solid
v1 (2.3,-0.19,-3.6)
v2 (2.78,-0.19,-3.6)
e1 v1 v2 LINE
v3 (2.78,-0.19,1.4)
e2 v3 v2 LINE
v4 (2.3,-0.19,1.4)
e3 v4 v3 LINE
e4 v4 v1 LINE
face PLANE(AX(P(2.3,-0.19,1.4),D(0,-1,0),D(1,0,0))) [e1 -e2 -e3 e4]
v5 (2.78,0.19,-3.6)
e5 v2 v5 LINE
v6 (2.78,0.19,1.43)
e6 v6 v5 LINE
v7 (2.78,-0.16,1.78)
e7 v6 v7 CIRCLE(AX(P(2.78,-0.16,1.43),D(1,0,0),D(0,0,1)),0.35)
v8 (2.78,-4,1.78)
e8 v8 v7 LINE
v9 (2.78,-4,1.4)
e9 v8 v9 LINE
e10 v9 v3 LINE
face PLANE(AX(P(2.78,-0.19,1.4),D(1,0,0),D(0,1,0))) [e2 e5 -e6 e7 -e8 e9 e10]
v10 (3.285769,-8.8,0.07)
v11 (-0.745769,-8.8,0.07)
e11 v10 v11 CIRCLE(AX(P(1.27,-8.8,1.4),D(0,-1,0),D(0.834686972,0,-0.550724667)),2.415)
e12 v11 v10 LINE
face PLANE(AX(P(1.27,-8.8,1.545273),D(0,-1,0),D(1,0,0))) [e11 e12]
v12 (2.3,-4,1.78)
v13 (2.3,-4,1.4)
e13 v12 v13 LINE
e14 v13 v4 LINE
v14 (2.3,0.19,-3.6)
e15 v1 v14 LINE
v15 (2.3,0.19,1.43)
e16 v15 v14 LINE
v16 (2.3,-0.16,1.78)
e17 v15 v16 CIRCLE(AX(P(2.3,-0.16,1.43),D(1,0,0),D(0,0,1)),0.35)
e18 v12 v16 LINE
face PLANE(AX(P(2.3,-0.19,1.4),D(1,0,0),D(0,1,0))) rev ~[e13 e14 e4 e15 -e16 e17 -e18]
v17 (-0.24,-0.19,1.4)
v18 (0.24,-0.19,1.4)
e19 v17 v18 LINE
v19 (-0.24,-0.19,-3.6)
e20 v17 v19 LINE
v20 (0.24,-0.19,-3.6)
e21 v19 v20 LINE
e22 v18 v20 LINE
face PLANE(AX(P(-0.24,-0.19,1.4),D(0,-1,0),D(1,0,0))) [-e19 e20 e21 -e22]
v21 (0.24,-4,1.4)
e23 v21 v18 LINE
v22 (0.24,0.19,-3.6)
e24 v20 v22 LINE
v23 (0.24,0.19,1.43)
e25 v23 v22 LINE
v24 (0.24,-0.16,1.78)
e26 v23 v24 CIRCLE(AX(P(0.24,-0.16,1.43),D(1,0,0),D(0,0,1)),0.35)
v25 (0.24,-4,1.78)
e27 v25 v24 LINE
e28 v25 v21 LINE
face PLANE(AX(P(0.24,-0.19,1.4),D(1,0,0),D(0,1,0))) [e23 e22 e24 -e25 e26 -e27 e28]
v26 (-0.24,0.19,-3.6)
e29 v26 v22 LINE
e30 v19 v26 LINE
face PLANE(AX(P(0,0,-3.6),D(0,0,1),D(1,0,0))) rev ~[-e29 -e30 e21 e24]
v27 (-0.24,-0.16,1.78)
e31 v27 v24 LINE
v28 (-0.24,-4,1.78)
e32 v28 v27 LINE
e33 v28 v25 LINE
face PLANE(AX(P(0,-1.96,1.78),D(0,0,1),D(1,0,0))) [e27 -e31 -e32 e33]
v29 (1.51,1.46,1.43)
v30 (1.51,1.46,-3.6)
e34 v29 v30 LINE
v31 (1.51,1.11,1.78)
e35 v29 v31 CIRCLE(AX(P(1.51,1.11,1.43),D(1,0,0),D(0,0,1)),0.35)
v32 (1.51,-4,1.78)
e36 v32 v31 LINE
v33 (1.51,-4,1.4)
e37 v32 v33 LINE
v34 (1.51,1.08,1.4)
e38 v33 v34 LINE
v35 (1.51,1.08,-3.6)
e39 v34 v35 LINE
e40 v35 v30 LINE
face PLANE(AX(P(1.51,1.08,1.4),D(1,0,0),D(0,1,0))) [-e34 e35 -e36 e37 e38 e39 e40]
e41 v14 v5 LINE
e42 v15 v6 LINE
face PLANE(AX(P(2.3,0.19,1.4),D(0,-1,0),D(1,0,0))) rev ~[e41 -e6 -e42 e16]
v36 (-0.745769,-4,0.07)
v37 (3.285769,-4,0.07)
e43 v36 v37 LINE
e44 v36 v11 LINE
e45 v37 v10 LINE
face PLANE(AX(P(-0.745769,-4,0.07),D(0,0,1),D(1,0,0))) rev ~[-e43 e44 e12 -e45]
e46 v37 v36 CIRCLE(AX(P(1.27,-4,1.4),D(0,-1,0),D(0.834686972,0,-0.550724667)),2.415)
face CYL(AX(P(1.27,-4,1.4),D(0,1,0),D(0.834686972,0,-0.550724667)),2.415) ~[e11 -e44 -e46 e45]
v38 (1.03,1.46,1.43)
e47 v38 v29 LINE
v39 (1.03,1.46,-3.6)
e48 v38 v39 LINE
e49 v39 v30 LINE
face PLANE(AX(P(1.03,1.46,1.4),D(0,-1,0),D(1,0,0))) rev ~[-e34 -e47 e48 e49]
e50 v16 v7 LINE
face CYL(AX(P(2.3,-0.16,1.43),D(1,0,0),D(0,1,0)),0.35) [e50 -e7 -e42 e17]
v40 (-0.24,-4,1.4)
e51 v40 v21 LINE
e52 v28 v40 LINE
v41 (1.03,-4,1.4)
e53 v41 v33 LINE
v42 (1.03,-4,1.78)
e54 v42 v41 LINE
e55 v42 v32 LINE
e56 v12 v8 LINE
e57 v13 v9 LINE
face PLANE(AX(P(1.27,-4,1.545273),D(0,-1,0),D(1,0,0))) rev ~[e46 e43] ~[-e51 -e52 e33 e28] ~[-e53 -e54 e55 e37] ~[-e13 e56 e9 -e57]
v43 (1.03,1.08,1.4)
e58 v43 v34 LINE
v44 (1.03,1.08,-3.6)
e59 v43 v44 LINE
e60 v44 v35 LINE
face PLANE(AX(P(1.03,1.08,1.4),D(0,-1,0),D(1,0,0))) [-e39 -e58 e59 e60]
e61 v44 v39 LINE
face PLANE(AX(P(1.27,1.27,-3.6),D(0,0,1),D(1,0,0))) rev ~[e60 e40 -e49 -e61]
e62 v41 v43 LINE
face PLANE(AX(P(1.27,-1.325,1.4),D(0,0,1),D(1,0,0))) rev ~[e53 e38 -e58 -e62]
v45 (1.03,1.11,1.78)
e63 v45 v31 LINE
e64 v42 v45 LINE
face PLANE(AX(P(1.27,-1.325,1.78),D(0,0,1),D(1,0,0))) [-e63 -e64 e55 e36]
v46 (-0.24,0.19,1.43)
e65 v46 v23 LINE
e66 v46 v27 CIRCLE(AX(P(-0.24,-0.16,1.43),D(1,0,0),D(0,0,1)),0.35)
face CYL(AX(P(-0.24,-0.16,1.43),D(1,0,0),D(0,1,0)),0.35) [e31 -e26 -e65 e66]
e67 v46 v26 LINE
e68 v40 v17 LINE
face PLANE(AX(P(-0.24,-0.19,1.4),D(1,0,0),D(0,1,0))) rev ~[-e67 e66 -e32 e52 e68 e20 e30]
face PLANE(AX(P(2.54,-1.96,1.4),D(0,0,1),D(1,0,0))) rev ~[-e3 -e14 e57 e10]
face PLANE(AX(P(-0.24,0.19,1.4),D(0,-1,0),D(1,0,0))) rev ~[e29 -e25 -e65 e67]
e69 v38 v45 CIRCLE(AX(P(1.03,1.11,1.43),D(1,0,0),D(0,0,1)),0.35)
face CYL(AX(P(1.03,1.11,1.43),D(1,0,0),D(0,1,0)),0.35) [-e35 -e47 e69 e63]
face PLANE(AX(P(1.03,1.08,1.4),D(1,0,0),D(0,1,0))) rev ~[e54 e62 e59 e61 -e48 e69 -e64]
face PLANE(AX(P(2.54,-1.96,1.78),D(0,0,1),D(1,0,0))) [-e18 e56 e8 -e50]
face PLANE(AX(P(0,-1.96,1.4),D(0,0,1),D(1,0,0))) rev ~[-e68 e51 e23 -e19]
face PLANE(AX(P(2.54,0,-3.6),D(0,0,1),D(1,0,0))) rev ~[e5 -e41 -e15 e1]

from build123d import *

# Parameters (mm, degrees)
SKETCH001_W   = 0.48
SKETCH001_H   = 0.38
PAD001_DEPTH  = 5
PAD_DEPTH     = 4.8
SKETCH002_W   = 0.48
SKETCH002_H   = 4.3
SKETCH002_H_2 = 5.57
PAD002_DEPTH  = 0.38
FILLET_R      = 0.35


with BuildPart() as pad001:
    # Sketch001 → Pad001 (new body)
    with BuildSketch(Plane.XY.offset(1.4)):
        Rectangle(SKETCH001_W, SKETCH001_H)
        with Locations((1.27, 1.27)):
            Rectangle(SKETCH001_W, SKETCH001_H)
        with Locations((2.54, 0)):
            Rectangle(SKETCH001_W, SKETCH001_H)
    extrude(amount=-PAD001_DEPTH)


with BuildPart() as pad:
    # Sketch → Pad (new body)
    with BuildSketch(Plane(origin=(0, -4, 1.4), x_dir=(1, 0, 0), z_dir=(0, -1, 0))):
        with BuildLine():
            Line((-0.745769, -1.33), (3.285769, -1.33))
            ThreePointArc((3.285769, -1.33), (1.27, 2.415), (-0.745769, -1.33))
        make_face()
    extrude(amount=PAD_DEPTH)


with BuildPart() as fillet_mp_cp:
    # Sketch002 → Pad002 (new body)
    with BuildSketch(Plane.XY.offset(1.4)):
        with Locations((2.54, -1.96)):
            Rectangle(SKETCH002_W, SKETCH002_H)
        with Locations((1.27, -1.325)):
            Rectangle(SKETCH002_W, SKETCH002_H_2)
        with Locations((0, -1.96)):
            Rectangle(SKETCH002_W, SKETCH002_H)
    extrude(amount=PAD002_DEPTH)

    # Fillet
    fillet_edges = [fillet_mp_cp.edges().sort_by_distance(p)[0] for p in [
        (2.54, 0.19, 1.78),
        (0, 0.19, 1.78),
        (1.27, 1.46, 1.78),
    ]]
    fillet(fillet_edges, radius=FILLET_R)

    # Fillet_mp_cp: union Pad001, Pad
    add(pad001.part)
    add(pad.part)


solid = fillet_mp_cp.part
